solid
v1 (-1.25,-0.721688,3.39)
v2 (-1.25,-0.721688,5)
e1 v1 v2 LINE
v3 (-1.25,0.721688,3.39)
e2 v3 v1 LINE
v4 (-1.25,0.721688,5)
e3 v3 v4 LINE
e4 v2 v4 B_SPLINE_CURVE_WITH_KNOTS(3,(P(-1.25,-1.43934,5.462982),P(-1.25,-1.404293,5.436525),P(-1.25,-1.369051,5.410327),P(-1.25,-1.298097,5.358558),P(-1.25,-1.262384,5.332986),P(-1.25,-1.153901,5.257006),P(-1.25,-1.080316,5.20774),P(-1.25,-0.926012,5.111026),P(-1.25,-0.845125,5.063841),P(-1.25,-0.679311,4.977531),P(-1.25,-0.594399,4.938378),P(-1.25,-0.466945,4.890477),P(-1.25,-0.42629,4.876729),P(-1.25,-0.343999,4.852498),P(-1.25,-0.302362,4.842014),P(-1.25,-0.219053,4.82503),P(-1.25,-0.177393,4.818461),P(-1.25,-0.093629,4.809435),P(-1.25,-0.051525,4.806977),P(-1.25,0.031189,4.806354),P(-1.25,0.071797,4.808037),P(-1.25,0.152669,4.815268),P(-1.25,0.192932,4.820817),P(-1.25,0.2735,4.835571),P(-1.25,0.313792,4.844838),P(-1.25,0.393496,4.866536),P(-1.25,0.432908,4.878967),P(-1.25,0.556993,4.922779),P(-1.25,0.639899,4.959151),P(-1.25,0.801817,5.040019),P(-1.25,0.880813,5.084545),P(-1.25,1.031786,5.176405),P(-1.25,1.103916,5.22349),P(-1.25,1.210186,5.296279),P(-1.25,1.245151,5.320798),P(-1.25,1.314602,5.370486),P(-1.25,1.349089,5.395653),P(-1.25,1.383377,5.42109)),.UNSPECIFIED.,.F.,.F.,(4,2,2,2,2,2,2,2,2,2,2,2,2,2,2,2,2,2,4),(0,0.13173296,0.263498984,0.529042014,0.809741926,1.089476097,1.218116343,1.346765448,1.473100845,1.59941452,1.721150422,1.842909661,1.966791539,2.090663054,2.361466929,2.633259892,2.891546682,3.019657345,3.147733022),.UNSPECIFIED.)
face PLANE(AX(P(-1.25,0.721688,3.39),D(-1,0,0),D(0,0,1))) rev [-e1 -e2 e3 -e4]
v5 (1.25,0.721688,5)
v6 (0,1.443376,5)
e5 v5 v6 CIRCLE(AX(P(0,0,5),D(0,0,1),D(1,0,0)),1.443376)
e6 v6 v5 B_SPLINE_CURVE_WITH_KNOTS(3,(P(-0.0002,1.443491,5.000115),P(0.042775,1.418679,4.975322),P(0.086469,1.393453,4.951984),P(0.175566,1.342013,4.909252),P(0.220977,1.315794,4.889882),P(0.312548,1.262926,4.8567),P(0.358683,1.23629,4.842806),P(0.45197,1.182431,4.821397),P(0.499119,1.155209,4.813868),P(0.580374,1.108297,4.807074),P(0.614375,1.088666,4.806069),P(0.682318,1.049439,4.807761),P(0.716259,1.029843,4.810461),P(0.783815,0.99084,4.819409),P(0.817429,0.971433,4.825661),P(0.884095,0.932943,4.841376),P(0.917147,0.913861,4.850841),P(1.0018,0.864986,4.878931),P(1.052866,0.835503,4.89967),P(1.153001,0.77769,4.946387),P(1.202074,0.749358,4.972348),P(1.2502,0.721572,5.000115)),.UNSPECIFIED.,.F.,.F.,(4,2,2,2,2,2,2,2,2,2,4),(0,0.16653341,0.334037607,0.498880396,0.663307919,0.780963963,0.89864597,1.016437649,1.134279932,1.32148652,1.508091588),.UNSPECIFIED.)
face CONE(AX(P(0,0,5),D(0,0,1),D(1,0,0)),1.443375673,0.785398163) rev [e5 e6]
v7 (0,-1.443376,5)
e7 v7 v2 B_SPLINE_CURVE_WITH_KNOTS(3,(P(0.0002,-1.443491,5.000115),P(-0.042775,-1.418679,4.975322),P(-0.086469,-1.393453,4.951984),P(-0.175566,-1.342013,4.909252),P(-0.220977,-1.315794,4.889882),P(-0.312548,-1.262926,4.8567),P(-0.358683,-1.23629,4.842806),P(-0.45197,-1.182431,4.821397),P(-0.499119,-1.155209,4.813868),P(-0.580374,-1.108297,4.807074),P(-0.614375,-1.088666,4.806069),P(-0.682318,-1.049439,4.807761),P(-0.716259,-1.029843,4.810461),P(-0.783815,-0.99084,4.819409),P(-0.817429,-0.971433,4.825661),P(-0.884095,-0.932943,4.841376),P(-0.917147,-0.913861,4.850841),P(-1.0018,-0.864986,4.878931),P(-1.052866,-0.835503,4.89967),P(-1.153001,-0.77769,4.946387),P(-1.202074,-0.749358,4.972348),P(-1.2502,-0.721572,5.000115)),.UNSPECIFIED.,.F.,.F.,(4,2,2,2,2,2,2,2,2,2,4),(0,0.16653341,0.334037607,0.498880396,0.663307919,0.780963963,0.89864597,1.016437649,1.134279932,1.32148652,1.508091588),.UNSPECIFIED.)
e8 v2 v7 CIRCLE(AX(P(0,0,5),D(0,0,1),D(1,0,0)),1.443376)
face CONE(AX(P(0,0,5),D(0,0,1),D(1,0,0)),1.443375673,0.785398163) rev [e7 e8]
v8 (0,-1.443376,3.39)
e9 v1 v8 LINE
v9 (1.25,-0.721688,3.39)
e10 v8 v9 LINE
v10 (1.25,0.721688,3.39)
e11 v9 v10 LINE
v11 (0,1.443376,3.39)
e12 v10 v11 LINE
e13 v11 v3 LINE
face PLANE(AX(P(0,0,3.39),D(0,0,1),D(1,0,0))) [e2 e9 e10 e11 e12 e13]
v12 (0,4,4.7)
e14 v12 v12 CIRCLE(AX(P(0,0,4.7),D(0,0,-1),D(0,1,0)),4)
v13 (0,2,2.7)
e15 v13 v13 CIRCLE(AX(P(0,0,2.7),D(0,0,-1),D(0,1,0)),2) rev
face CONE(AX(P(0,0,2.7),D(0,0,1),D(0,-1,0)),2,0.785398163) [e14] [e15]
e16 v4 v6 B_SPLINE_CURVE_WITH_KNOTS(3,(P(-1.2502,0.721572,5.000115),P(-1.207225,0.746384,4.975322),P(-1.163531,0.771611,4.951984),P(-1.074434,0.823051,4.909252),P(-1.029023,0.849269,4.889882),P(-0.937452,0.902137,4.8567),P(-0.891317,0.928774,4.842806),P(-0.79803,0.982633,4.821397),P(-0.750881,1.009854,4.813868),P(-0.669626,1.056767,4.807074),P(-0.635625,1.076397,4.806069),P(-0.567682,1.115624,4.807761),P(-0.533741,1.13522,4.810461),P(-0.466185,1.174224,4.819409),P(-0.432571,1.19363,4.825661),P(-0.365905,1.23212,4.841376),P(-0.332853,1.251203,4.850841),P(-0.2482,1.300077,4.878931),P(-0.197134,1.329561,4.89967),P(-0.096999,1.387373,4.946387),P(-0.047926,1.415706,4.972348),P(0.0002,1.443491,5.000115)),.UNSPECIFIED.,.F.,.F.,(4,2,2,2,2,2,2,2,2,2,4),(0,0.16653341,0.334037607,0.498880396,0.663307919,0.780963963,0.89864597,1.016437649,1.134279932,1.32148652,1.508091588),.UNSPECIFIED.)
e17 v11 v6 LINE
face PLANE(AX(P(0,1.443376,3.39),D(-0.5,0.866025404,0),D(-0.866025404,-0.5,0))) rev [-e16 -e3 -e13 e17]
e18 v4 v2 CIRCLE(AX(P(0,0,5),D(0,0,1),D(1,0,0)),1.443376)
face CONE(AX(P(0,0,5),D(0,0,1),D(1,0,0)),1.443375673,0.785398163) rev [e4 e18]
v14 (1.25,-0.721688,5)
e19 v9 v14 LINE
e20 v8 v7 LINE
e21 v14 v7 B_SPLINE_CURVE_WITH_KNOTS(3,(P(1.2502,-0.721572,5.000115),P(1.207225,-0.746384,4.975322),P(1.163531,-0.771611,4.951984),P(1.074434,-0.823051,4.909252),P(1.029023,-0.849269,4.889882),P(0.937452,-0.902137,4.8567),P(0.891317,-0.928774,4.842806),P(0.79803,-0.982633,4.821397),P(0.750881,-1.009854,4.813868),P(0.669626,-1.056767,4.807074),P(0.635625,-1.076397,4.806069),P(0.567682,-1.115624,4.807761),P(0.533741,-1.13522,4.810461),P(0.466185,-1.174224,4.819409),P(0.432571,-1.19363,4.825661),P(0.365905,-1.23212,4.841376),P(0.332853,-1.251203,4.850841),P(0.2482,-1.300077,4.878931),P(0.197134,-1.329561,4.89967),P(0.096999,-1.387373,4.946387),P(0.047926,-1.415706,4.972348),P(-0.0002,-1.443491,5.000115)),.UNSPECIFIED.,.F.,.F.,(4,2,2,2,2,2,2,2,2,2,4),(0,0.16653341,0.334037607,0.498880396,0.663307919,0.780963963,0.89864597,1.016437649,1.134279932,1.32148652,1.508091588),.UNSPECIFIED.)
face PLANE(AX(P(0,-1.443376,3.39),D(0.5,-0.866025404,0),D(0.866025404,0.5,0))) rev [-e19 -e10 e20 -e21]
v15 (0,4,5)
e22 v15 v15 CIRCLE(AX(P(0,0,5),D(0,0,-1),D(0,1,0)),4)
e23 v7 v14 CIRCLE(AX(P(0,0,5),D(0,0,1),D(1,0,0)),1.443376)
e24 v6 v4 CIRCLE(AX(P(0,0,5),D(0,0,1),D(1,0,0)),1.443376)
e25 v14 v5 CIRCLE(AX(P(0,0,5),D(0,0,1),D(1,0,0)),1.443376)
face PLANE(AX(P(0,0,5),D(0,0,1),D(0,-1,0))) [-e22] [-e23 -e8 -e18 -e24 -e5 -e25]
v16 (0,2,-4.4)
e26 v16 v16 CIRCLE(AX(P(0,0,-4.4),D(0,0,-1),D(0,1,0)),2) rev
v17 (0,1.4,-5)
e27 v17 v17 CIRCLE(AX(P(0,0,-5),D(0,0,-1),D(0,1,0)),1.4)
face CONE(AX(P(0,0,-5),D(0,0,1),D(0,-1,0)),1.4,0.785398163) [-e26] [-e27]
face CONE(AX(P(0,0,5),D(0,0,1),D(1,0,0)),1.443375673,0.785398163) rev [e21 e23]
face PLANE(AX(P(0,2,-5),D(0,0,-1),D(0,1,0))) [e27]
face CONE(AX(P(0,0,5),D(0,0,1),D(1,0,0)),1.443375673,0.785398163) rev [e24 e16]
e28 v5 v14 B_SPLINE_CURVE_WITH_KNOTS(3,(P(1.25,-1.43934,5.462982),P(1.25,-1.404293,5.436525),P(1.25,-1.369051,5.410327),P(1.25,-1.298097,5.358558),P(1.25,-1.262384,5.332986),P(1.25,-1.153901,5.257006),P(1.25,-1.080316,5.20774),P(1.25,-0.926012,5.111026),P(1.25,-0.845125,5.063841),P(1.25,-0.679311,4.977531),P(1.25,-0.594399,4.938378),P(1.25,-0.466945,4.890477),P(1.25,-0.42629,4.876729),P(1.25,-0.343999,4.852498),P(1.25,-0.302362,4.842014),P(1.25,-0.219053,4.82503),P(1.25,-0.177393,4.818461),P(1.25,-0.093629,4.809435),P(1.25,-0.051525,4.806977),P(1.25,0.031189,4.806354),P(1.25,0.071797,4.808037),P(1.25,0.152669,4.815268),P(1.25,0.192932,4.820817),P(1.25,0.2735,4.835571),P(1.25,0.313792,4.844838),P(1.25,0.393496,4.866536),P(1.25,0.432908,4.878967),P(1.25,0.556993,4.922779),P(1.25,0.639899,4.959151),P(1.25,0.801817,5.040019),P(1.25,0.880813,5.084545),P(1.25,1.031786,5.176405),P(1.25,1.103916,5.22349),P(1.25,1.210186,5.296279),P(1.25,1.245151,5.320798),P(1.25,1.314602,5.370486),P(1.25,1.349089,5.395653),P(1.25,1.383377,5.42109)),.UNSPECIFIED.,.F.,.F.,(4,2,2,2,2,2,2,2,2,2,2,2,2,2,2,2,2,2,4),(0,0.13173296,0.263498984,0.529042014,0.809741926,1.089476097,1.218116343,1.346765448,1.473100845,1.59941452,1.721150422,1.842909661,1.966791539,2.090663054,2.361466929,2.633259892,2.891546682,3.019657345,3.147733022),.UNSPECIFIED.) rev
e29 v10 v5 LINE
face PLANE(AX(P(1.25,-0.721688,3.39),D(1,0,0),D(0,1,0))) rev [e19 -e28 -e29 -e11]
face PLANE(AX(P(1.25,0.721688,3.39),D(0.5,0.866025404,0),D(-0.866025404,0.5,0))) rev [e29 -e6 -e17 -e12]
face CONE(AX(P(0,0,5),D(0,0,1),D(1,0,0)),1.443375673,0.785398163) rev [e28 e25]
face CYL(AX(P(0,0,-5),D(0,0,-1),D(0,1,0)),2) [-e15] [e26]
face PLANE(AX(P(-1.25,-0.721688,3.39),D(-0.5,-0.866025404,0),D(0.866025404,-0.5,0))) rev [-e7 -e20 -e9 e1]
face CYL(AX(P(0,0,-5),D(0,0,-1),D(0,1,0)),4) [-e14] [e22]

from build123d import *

# Parameters (mm, degrees)
SKETCH3_W          = 10
SKETCH3_H          = 2
CHAMFER1_SIZE      = 0.6
CUT_EXTRUDE1_DEPTH = 1.61
SKETCH9_R          = 1.443375673
CUT_EXTRUDE2_DEPTH = 1.61
CUT_EXTRUDE2_DRAFT = -45


with BuildPart() as part:
    # Sketch3 → Revolve1 (revolve)
    with BuildSketch(Plane(origin=(0, 0, 0), x_dir=(0, 0, -1), z_dir=(1, 0, 0))):
        with Locations((0, 1)):
            Rectangle(SKETCH3_W, SKETCH3_H)
    revolve(axis=Axis((0, 0, -5), (0, 0, 1)))

    # Chamfer1
    chamfer1_edges = [part.edges().sort_by_distance(p)[0] for p in [
        (0, -2, -5),
    ]]
    chamfer(chamfer1_edges, length=CHAMFER1_SIZE)

    # Sketch6 → Revolve2 (revolve)
    with BuildSketch(Plane(origin=(0, 0, 0), x_dir=(0, 0, -1), z_dir=(1, 0, 0))):
        Polygon((-5, 4), (-4.7, 4), (-2.7, 2), (-2.7, 0), (-5, 0), align=None)
    revolve(axis=Axis((0, 0, -5), (0, 0, 1)))

    # Sketch8 → Cut-Extrude1 (cut)
    with BuildSketch(Plane.XY.offset(5)):
        Polygon((0, 1.443375673), (-1.25, 0.721687836), (-1.25, -0.721687836), (0, -1.443375673), (1.25, -0.721687836), (1.25, 0.721687836), align=None)
    extrude(amount=-CUT_EXTRUDE1_DEPTH, mode=Mode.SUBTRACT)


with BuildPart() as cut_extrude2_tool:
    # Sketch9 → Cut-Extrude2 (with draft: the straight prism first)
    with BuildSketch(Plane.XY.offset(5)):
        Circle(SKETCH9_R)
    extrude(amount=-CUT_EXTRUDE2_DEPTH)
    # Cut-Extrude2: the draft: its side faces are tilted about the plane it starts from
    cut_extrude2_sides = [cut_extrude2_tool.faces().sort_by_distance(p)[0] for p in [
        (-1.443375673, 0, 4.195),
    ]]
    draft(cut_extrude2_sides, Plane.XY.offset(5), CUT_EXTRUDE2_DRAFT)


with BuildPart() as part_1:
    add(part.part)

    # Cut-Extrude2: cut by cut_extrude2_tool
    add(cut_extrude2_tool.part, mode=Mode.SUBTRACT)


solid = part_1.part
